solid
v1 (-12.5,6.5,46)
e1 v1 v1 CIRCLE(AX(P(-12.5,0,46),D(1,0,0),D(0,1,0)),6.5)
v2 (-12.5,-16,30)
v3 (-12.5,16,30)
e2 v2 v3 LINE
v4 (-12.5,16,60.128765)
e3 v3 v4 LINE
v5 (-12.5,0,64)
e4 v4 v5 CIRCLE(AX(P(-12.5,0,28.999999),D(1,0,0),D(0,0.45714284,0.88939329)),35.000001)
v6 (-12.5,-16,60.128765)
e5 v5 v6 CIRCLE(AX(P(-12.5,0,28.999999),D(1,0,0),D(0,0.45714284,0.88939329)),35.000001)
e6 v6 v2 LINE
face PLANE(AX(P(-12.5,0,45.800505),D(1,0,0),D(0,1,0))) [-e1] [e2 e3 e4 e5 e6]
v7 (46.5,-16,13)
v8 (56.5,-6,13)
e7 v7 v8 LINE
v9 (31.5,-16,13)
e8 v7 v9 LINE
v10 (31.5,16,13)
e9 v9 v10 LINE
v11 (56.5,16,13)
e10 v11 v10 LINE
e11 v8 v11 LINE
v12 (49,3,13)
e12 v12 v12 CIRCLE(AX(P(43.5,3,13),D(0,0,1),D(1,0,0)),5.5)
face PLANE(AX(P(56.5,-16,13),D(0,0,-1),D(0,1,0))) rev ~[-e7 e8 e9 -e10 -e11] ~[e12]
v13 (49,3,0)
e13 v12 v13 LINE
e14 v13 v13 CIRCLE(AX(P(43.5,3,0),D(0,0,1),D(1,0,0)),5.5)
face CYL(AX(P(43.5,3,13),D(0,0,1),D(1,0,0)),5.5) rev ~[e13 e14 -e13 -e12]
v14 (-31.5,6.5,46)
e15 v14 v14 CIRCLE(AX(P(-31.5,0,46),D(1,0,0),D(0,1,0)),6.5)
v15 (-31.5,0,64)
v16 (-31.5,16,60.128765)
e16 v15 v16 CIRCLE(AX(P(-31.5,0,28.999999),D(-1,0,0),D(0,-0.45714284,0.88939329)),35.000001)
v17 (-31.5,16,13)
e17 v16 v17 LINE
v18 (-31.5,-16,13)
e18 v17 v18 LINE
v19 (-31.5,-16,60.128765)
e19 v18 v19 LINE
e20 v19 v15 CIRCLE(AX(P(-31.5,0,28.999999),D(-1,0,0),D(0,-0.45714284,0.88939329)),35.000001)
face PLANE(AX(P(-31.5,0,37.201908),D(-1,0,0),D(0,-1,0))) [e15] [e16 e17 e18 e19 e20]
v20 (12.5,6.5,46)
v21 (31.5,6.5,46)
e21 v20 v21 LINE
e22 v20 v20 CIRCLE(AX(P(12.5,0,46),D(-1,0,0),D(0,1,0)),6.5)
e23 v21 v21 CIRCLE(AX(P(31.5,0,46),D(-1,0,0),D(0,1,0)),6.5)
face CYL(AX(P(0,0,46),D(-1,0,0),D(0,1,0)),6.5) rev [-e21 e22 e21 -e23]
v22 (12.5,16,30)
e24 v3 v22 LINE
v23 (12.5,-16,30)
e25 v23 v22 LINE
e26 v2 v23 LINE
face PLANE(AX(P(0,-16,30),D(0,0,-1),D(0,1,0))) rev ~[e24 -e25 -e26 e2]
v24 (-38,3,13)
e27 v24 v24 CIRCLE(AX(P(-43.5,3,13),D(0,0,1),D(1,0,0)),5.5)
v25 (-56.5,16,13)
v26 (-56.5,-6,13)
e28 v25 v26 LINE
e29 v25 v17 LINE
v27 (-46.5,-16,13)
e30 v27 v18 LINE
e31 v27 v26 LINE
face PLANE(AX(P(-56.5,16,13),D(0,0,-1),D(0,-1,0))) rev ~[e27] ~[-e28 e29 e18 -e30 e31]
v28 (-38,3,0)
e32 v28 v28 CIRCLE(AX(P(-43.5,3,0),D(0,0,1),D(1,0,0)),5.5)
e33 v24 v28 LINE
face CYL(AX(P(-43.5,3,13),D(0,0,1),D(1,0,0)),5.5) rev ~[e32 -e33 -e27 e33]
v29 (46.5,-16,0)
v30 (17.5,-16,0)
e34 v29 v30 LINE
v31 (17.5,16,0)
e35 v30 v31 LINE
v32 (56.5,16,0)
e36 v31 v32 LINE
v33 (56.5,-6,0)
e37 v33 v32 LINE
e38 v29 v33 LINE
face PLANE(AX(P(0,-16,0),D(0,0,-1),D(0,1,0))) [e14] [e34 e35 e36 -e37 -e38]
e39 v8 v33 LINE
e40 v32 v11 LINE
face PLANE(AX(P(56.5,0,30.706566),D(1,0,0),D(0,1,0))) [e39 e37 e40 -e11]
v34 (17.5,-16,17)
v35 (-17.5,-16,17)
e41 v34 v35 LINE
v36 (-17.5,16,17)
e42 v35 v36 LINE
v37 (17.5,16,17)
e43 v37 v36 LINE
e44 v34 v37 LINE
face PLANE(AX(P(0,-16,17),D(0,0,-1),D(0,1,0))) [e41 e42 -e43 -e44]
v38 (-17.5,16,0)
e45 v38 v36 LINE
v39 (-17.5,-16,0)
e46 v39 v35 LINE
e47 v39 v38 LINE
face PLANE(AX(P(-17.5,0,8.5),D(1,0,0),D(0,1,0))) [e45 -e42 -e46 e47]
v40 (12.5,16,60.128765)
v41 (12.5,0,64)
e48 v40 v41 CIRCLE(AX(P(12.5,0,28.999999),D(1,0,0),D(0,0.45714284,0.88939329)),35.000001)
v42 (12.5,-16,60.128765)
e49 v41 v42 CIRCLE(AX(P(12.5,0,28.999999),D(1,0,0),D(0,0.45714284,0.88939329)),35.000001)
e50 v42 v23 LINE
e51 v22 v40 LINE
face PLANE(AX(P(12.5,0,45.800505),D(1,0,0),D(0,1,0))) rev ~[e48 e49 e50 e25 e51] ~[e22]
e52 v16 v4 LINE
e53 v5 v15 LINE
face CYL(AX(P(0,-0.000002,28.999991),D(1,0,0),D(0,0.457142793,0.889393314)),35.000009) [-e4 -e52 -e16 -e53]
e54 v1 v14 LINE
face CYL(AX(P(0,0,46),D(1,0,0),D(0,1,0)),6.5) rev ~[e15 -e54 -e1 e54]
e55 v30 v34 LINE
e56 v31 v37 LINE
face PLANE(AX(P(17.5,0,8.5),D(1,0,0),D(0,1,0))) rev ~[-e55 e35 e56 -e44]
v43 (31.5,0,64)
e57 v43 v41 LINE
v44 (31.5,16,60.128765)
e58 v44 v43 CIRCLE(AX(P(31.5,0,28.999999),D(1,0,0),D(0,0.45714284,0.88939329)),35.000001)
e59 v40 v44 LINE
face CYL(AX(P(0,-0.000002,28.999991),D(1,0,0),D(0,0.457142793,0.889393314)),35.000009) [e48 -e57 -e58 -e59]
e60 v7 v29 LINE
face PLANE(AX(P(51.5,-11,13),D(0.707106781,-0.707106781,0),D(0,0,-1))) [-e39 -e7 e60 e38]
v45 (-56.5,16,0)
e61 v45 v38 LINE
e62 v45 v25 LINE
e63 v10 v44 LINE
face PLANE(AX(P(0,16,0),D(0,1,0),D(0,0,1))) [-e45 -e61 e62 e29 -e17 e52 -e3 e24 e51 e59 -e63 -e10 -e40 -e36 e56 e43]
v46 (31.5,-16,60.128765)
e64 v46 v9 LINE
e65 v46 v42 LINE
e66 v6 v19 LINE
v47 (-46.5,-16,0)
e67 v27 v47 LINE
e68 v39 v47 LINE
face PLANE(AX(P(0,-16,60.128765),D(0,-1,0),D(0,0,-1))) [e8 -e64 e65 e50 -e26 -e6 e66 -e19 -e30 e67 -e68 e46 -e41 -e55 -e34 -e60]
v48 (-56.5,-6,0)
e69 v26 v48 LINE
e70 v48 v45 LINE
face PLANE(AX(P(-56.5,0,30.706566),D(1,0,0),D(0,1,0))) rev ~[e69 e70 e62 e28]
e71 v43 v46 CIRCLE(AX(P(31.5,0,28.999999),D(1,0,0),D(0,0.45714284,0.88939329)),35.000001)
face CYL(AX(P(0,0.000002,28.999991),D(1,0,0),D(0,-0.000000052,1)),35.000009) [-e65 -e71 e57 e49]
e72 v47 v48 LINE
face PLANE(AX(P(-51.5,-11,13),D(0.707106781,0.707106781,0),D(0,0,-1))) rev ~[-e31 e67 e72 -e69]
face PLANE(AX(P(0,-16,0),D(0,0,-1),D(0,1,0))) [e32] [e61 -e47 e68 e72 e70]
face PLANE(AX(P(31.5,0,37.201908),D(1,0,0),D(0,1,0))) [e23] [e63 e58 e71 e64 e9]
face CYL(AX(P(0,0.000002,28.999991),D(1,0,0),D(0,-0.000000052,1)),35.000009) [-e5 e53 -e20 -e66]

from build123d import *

# Parameters (mm, degrees)
F1_DEPTH       = 56.5
F3_DEPTH       = 25
F5_DEPTH       = 25
F7_DEPTH       = 12.5
F8_W           = 32
F8_H           = 17
F9_DEPTH       = 17.5
F10_R          = 6.5
F11_DEPTH      = 56.501
F11_DEPTH_BACK = 56.501
F12_R          = 5.5
F13_DEPTH      = 13.001
F14_SIZE2      = 10
F14_SIZE       = 10


with BuildPart() as f1:
    # F0 (on Right) → F1 (new body, symmetric)
    with BuildSketch(Plane.YZ):
        with BuildLine():
            Line((-16, 0), (0, 0))
            Line((0, 0), (16, 0))
            Line((16, 0), (16, 60.128765))
            ThreePointArc((16, 60.128765), (8.230833, 63.018427), (0, 64))
            ThreePointArc((0, 64), (-8.230833, 63.018427), (-16, 60.128765))
            Line((-16, 60.128765), (-16, 0))
        make_face()
    extrude(amount=F1_DEPTH, both=True)

    # F2 (on face) → F3 (cut)
    with BuildSketch(Plane.YZ.offset(56.5)):
        with BuildLine():
            Line((16, 13), (16, 60.128765))
            ThreePointArc((16, 60.128765), (0, 64), (-16, 60.128765))
            Line((-16, 60.128765), (-16, 13))
            Line((-16, 13), (16, 13))
        make_face()
    extrude(amount=-F3_DEPTH, mode=Mode.SUBTRACT)

    # F4 (on face) → F5 (cut)
    with BuildSketch(Plane(origin=(-56.5, 0, 0), x_dir=(0, -1, 0), z_dir=(-1, 0, 0))):
        with BuildLine():
            Line((16, 13), (16, 60.128765))
            ThreePointArc((16, 60.128765), (0, 64), (-16, 60.128765))
            Line((-16, 60.128765), (-16, 13))
            Line((-16, 13), (16, 13))
        make_face()
    extrude(amount=-F5_DEPTH, mode=Mode.SUBTRACT)

    # F6 (on Right) → F7 (cut, symmetric)
    with BuildSketch(Plane.YZ):
        with BuildLine():
            Line((-16, 60.128765), (-16, 30))
            Line((-16, 30), (16, 30))
            Line((16, 30), (16, 60.128765))
            ThreePointArc((16, 60.128765), (0, 64), (-16, 60.128765))
        make_face()
    extrude(amount=F7_DEPTH, both=True, mode=Mode.SUBTRACT)

    # F8 (on Right) → F9 (cut, symmetric)
    with BuildSketch(Plane.YZ):
        with Locations((0, 8.5)):
            Rectangle(F8_W, F8_H)
    extrude(amount=F9_DEPTH, both=True, mode=Mode.SUBTRACT)

    # F10 (on Right) → F11 (cut, two sides)
    with BuildSketch(Plane.YZ) as f11_sk:
        with Locations((0, 46)):
            Circle(F10_R)
    extrude(amount=F11_DEPTH, mode=Mode.SUBTRACT)
    extrude(f11_sk.sketch, amount=-F11_DEPTH_BACK, mode=Mode.SUBTRACT)

    # F12 (on face) → F13 (cut, through all)
    with BuildSketch(Plane.XY.offset(13)):
        with Locations((-43.5, 3)):
            Circle(F12_R)
        with Locations((43.5, 3)):
            Circle(F12_R)
    extrude(amount=-F13_DEPTH, mode=Mode.SUBTRACT)

    # F14
    f14_edges = [f1.edges().sort_by_distance(p)[0] for p in [
        (56.5, -16, 6.5),
        (-56.5, -16, 6.5),
    ]]
    chamfer(f14_edges, length=F14_SIZE, length2=F14_SIZE2)


solid = f1.part
